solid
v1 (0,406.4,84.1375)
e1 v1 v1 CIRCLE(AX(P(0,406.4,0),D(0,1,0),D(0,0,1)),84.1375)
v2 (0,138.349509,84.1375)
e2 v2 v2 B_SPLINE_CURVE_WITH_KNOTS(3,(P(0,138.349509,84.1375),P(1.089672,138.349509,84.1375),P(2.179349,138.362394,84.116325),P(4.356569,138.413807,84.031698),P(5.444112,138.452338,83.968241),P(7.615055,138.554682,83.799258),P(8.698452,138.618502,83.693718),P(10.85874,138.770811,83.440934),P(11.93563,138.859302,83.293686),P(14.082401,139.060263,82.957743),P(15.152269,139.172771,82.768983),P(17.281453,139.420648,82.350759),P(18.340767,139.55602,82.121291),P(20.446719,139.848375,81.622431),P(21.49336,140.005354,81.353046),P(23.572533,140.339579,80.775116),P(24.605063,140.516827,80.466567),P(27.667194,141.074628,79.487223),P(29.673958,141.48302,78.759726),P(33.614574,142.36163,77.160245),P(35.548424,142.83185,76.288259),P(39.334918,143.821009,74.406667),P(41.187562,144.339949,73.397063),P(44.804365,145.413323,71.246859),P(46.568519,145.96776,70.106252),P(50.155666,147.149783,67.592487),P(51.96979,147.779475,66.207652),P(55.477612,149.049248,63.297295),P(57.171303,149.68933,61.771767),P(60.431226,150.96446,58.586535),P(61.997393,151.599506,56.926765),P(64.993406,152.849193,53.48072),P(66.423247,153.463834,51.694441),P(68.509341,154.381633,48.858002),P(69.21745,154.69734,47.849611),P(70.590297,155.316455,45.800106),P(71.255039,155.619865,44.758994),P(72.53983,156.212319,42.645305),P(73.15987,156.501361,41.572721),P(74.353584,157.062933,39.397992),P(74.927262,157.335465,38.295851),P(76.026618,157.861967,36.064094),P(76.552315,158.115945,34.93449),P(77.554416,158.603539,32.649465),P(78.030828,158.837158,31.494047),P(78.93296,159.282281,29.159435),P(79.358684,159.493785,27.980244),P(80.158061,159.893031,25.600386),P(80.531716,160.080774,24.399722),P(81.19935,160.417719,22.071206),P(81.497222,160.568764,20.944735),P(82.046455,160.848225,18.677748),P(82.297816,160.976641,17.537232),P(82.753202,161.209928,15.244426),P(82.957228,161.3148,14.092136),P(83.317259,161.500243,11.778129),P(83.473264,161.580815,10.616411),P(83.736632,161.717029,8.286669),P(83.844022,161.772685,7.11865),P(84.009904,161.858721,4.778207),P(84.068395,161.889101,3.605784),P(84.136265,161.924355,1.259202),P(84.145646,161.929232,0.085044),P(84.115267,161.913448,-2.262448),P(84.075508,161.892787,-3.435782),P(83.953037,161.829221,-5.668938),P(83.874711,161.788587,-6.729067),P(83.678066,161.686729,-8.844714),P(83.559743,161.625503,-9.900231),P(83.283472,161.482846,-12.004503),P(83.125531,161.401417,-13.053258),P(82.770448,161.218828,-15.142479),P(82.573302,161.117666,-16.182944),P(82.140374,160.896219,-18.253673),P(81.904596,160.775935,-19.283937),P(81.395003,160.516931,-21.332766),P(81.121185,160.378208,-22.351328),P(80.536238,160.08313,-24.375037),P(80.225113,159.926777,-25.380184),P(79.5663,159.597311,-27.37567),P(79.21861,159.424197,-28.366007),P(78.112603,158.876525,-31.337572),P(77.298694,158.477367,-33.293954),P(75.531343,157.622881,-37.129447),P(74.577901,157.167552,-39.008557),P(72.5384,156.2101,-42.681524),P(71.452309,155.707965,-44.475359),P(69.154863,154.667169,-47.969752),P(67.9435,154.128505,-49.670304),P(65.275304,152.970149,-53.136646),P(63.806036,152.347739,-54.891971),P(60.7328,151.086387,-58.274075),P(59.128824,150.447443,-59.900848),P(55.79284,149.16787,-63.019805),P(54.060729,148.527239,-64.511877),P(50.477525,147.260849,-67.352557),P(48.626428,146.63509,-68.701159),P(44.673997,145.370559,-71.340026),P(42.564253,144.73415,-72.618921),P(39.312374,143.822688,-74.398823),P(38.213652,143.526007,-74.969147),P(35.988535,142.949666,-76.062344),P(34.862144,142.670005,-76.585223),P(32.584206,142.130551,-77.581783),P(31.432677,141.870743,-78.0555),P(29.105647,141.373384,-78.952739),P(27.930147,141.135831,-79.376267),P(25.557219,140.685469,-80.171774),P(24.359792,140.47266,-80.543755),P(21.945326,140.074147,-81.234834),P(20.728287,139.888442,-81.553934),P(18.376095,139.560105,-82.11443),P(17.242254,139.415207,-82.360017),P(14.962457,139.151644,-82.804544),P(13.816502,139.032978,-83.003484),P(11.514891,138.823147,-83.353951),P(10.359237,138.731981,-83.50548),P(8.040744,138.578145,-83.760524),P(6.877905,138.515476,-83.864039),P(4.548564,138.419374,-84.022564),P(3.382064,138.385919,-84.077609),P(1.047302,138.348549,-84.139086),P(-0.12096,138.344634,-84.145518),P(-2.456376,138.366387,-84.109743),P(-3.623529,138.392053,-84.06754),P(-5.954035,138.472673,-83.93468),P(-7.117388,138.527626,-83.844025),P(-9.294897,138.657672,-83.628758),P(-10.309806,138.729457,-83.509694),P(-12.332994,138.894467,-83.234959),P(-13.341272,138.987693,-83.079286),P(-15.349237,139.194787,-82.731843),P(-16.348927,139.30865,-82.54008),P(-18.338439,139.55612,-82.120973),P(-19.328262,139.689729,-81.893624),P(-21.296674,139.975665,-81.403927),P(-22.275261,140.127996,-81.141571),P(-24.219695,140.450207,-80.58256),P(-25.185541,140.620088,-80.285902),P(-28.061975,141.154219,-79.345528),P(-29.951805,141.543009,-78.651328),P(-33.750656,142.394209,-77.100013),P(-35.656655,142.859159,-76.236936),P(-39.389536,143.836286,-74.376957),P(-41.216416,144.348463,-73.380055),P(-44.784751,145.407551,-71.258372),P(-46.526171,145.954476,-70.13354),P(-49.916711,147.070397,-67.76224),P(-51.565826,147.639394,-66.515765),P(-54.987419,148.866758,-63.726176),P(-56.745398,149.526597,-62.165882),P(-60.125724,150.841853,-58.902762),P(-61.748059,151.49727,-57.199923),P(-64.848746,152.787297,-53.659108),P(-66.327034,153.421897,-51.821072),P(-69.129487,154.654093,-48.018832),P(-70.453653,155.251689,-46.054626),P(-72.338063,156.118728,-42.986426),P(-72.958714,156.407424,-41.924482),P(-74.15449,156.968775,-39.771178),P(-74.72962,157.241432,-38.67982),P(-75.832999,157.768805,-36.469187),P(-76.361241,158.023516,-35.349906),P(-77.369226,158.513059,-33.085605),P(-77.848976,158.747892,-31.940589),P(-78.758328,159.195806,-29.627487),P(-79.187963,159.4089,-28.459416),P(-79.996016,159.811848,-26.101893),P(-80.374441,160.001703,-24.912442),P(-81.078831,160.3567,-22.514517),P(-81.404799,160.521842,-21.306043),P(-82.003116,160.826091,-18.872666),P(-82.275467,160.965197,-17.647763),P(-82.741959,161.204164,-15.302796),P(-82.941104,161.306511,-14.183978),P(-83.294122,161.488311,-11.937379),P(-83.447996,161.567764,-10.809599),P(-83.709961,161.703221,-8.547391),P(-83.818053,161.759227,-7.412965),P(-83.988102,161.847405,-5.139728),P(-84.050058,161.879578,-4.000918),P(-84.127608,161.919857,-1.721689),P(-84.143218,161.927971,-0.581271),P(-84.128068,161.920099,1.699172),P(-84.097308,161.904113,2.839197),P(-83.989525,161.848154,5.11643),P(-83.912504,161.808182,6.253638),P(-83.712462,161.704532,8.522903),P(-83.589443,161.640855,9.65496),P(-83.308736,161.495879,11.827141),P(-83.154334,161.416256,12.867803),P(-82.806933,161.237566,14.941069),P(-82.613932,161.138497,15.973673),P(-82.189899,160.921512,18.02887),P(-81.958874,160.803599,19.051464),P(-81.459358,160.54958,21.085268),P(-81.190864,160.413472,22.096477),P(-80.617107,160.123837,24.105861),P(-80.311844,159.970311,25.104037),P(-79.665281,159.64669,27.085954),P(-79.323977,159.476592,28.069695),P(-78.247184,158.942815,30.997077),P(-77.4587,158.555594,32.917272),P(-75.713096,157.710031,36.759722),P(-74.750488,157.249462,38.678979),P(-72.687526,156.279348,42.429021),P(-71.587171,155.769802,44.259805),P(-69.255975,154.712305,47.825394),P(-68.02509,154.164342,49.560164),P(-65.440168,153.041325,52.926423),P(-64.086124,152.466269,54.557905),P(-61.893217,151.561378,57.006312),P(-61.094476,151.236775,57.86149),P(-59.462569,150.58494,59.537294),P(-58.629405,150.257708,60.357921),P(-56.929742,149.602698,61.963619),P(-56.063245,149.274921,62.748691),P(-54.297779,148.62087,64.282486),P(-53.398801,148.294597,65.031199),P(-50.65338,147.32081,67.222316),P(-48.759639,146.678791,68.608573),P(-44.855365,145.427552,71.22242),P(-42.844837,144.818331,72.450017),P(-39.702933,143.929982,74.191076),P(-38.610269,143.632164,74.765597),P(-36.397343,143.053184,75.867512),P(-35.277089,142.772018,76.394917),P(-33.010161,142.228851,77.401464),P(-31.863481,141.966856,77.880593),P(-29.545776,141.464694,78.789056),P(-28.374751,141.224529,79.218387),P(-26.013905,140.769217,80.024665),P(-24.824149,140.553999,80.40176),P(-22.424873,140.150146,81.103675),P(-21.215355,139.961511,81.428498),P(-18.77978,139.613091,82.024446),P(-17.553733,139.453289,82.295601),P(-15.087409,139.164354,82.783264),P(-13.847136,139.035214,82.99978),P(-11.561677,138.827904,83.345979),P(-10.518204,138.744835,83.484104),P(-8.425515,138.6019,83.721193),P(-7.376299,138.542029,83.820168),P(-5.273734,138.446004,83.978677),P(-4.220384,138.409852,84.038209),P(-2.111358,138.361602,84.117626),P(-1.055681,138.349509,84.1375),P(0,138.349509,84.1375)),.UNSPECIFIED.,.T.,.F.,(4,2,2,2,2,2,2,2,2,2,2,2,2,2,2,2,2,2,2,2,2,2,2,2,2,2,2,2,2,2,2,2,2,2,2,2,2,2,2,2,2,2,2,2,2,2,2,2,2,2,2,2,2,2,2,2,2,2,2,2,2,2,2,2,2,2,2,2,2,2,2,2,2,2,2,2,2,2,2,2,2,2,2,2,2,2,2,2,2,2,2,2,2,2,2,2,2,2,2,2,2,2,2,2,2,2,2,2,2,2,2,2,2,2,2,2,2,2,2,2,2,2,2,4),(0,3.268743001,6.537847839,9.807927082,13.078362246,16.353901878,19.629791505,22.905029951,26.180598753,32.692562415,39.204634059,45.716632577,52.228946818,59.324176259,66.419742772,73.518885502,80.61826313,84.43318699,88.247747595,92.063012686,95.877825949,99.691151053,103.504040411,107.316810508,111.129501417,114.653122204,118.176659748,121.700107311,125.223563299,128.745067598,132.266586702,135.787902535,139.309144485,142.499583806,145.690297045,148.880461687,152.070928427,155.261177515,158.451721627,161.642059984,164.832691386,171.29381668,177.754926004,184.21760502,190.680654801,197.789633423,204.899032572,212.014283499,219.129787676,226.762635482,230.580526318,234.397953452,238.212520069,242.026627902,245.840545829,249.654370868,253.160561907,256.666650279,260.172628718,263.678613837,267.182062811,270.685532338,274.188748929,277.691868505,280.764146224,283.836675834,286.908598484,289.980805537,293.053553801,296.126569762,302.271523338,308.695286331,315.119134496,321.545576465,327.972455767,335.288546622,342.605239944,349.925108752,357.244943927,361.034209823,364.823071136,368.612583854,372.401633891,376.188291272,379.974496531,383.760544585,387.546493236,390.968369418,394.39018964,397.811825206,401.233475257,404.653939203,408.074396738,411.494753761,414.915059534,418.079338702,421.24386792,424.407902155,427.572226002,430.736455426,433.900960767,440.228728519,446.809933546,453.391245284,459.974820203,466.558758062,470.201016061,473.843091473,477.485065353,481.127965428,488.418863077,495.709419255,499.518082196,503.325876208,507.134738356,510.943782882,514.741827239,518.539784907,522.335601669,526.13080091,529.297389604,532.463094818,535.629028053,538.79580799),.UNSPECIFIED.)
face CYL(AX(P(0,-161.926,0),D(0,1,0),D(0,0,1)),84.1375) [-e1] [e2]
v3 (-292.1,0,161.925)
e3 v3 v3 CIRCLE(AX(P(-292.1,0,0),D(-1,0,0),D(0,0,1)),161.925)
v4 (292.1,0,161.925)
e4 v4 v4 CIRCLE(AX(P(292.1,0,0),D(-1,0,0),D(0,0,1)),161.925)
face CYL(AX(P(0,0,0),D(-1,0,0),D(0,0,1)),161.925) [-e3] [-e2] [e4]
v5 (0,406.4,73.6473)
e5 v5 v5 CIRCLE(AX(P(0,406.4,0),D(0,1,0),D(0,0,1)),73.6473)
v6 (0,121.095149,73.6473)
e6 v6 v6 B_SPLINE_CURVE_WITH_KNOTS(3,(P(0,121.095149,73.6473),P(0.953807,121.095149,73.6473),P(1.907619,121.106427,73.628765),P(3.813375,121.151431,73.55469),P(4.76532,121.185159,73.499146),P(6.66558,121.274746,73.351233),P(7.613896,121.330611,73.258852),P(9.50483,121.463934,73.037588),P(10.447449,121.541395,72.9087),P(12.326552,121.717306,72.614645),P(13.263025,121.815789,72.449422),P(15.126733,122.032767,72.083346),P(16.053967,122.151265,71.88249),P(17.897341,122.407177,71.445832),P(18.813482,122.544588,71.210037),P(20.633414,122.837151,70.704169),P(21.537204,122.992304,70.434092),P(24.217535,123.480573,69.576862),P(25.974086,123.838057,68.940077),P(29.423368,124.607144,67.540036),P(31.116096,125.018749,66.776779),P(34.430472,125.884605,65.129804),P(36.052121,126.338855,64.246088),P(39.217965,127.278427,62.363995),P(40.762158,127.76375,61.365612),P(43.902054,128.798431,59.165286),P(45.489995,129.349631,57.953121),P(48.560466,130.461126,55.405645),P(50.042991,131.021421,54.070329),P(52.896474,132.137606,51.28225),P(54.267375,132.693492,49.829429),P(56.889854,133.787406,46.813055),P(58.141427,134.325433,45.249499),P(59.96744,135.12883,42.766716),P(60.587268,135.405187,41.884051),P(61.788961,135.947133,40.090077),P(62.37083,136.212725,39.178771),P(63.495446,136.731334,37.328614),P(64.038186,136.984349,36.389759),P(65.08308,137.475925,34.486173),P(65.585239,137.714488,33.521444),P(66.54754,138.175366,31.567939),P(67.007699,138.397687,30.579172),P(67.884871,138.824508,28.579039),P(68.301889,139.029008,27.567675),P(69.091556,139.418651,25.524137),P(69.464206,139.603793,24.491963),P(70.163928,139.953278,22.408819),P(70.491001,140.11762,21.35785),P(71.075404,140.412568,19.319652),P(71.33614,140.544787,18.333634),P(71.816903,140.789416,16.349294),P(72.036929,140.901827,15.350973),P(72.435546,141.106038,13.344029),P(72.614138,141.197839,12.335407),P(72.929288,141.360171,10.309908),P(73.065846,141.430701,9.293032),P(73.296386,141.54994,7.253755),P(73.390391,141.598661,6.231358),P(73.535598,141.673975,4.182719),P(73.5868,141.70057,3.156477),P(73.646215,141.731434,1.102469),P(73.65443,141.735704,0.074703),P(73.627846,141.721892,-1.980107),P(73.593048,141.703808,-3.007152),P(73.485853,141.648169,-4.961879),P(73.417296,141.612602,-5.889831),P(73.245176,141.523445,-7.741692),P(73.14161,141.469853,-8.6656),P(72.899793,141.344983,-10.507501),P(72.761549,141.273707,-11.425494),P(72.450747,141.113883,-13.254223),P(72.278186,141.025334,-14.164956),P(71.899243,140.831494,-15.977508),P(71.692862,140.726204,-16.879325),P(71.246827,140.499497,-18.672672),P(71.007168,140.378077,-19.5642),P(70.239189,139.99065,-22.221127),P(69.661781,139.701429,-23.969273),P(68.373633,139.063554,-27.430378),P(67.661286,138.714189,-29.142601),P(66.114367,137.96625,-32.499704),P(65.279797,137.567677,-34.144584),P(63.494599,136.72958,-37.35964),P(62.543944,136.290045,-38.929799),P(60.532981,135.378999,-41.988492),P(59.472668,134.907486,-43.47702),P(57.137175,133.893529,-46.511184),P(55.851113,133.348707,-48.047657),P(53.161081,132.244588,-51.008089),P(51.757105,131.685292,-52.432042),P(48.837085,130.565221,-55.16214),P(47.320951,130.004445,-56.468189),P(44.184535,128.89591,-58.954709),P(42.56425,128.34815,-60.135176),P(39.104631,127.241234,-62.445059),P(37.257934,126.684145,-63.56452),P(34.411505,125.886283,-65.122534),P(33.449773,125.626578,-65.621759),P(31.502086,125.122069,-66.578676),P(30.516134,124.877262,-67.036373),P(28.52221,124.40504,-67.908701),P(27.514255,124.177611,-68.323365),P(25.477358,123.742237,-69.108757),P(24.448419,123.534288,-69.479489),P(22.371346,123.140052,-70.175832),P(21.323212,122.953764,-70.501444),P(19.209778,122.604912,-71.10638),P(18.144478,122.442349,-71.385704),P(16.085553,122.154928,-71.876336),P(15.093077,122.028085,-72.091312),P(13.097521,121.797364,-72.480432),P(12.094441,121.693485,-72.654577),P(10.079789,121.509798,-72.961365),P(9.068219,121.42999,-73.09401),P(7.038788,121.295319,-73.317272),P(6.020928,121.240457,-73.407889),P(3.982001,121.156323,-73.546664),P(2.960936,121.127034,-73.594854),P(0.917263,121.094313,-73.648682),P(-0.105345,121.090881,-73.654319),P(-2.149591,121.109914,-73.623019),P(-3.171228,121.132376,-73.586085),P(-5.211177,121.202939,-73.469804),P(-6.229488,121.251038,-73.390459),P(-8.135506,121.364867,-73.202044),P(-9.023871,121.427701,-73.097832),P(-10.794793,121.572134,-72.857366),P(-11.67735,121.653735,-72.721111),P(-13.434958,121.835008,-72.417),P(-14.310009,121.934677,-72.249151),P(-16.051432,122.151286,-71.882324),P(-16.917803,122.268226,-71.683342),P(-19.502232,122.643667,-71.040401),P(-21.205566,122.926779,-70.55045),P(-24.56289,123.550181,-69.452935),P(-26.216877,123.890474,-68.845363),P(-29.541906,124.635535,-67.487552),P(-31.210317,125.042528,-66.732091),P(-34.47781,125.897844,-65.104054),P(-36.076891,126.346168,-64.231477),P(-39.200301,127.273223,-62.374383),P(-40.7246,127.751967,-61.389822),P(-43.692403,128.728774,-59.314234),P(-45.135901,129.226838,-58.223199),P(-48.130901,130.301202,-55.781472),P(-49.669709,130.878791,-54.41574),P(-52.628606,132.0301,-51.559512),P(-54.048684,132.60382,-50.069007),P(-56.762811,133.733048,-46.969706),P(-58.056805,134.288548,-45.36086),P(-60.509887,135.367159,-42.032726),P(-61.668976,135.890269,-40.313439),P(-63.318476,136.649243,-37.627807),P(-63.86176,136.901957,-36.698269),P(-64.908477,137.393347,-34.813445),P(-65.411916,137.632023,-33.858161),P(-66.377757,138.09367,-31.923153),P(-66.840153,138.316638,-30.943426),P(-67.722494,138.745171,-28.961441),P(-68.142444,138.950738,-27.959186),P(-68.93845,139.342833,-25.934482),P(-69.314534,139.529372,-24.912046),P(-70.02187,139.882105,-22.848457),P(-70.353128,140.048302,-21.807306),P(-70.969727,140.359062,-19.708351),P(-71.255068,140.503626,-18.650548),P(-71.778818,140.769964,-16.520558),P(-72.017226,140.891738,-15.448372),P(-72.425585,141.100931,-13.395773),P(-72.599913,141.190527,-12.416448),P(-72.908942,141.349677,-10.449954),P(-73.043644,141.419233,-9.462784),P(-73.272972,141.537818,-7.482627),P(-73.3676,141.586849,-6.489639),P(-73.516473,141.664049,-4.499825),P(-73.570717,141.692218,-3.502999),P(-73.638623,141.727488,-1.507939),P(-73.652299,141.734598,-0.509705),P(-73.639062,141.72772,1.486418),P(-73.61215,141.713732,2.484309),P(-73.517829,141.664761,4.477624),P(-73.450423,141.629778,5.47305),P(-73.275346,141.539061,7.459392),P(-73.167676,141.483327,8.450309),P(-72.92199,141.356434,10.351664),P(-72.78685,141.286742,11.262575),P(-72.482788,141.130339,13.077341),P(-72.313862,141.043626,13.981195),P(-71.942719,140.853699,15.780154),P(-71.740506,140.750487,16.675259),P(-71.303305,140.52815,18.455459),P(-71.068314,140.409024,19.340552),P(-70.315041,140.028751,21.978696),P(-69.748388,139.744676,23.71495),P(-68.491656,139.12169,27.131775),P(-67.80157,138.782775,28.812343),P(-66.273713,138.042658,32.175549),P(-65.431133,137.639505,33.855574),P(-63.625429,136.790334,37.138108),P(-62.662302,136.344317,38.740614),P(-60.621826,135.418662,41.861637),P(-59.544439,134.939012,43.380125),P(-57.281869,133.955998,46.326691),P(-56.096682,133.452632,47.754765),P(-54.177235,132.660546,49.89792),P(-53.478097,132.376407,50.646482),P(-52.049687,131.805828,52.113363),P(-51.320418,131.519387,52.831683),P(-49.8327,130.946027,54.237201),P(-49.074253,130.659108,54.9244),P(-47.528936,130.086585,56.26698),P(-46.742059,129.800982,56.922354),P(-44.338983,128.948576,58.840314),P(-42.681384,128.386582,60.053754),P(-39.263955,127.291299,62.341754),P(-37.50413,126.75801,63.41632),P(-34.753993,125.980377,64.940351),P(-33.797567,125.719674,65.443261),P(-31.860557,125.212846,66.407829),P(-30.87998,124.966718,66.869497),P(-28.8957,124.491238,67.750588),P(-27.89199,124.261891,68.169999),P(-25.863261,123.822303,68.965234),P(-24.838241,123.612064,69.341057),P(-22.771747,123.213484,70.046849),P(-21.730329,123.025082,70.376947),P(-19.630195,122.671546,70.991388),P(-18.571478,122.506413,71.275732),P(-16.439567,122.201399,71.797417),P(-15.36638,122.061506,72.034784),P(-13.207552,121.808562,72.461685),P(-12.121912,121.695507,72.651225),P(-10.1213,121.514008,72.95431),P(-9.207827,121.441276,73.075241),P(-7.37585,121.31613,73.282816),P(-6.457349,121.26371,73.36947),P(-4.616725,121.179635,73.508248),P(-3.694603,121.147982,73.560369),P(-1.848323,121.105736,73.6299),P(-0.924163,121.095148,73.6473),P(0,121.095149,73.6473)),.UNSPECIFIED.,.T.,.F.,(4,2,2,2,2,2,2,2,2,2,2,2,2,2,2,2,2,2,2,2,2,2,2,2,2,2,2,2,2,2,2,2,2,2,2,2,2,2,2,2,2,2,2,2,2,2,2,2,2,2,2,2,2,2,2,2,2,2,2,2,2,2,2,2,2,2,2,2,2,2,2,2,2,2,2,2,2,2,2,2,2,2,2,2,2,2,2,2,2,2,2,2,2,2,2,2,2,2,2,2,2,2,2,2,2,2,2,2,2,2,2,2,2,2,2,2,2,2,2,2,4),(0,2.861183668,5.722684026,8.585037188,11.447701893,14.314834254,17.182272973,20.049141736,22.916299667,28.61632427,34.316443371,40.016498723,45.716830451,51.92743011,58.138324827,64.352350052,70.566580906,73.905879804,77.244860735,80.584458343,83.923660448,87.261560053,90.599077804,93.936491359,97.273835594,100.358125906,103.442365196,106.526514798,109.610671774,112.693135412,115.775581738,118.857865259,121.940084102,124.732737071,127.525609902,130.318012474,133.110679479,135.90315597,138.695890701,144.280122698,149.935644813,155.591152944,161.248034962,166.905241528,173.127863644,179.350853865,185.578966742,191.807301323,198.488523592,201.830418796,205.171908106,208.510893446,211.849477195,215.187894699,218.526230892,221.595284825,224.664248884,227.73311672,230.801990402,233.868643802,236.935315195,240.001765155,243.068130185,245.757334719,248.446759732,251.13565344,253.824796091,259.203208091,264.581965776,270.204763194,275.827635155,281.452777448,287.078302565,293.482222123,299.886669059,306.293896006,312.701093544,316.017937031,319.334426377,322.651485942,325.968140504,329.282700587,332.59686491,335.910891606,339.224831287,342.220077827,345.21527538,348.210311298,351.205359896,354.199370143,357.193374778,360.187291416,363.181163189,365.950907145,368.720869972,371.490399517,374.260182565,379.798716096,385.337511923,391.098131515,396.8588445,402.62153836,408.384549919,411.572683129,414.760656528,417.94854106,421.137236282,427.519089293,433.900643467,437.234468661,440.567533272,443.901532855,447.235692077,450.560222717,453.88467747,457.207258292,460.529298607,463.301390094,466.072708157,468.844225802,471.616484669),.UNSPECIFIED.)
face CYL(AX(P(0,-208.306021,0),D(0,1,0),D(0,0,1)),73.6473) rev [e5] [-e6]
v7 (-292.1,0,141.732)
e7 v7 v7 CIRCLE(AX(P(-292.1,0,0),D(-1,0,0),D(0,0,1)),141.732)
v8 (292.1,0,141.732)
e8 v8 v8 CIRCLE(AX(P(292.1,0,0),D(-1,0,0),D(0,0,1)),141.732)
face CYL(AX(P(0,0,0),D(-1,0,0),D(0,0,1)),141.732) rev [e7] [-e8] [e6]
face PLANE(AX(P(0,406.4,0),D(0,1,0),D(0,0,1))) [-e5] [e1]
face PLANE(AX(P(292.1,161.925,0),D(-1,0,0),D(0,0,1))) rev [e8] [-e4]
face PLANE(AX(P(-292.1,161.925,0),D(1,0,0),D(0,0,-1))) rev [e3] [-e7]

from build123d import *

# Parameters (mm, degrees)
REVOLVE_OF_12_NOM_W           = 584.2
REVOLVE_OF_12_NOM_H           = 20.193
F_6_NOM_OD_EXTRUDE_REACH      = 661.193
F_6_NOM_OD_EXTRUDE_END_RADIUS = 161.925
SKETCH2_R                     = 84.1375
F_6_NOM_ID_EXTRUDE_CUT_REACH  = 661.193
F_6_NOM_ID_EXTRUDE_R          = 73.6473


with BuildPart() as part:
    # Revolve of 12 NOM → Revolve12 NOM (revolve)
    with BuildSketch(Plane.XY):
        with Locations((0, 151.8285)):
            Rectangle(REVOLVE_OF_12_NOM_W, REVOLVE_OF_12_NOM_H)
    revolve(axis=Axis((0, 0, 0), (1, 0, 0)))

    # 6 NOM OD Extrude: up to this cylinder (the profile starts outside it)
    f_6_nom_od_extrude_end = Plane(origin=(0, 0, 0), z_dir=(-1, 0, 0)) * Cylinder(F_6_NOM_OD_EXTRUDE_END_RADIUS, 1647.236, mode=Mode.PRIVATE)
    # Sketch2 → 6 NOM OD Extrude (add, up to the surface)
    with BuildSketch(Plane(origin=(0, 406.4, 0), x_dir=(1, 0, 0), z_dir=(0, 1, 0)), mode=Mode.PRIVATE) as f_6_nom_od_extrude_sk1:
        Circle(SKETCH2_R)
    f_6_nom_od_extrude_tool1 = extrude(f_6_nom_od_extrude_sk1.sketch, amount=-F_6_NOM_OD_EXTRUDE_REACH, mode=Mode.PRIVATE) - f_6_nom_od_extrude_end
    add(f_6_nom_od_extrude_tool1.solids().sort_by_distance((0, 406.4, 0))[0])

    # 6 NOM ID Extrude → 6 NOM ID Extrude Cut (cut, up to next)
    with BuildSketch(Plane(origin=(0, 406.4, 0), x_dir=(1, 0, 0), z_dir=(0, 1, 0)), mode=Mode.PRIVATE) as f_6_nom_id_extrude_cut_sk1:
        Circle(F_6_NOM_ID_EXTRUDE_R)
    f_6_nom_id_extrude_cut_tool1 = extrude(f_6_nom_id_extrude_cut_sk1.sketch, amount=-F_6_NOM_ID_EXTRUDE_CUT_REACH, mode=Mode.PRIVATE) & part.part
    add(f_6_nom_id_extrude_cut_tool1.solids().sort_by_distance((0, 406.4, 0))[0], mode=Mode.SUBTRACT)


solid = part.part
